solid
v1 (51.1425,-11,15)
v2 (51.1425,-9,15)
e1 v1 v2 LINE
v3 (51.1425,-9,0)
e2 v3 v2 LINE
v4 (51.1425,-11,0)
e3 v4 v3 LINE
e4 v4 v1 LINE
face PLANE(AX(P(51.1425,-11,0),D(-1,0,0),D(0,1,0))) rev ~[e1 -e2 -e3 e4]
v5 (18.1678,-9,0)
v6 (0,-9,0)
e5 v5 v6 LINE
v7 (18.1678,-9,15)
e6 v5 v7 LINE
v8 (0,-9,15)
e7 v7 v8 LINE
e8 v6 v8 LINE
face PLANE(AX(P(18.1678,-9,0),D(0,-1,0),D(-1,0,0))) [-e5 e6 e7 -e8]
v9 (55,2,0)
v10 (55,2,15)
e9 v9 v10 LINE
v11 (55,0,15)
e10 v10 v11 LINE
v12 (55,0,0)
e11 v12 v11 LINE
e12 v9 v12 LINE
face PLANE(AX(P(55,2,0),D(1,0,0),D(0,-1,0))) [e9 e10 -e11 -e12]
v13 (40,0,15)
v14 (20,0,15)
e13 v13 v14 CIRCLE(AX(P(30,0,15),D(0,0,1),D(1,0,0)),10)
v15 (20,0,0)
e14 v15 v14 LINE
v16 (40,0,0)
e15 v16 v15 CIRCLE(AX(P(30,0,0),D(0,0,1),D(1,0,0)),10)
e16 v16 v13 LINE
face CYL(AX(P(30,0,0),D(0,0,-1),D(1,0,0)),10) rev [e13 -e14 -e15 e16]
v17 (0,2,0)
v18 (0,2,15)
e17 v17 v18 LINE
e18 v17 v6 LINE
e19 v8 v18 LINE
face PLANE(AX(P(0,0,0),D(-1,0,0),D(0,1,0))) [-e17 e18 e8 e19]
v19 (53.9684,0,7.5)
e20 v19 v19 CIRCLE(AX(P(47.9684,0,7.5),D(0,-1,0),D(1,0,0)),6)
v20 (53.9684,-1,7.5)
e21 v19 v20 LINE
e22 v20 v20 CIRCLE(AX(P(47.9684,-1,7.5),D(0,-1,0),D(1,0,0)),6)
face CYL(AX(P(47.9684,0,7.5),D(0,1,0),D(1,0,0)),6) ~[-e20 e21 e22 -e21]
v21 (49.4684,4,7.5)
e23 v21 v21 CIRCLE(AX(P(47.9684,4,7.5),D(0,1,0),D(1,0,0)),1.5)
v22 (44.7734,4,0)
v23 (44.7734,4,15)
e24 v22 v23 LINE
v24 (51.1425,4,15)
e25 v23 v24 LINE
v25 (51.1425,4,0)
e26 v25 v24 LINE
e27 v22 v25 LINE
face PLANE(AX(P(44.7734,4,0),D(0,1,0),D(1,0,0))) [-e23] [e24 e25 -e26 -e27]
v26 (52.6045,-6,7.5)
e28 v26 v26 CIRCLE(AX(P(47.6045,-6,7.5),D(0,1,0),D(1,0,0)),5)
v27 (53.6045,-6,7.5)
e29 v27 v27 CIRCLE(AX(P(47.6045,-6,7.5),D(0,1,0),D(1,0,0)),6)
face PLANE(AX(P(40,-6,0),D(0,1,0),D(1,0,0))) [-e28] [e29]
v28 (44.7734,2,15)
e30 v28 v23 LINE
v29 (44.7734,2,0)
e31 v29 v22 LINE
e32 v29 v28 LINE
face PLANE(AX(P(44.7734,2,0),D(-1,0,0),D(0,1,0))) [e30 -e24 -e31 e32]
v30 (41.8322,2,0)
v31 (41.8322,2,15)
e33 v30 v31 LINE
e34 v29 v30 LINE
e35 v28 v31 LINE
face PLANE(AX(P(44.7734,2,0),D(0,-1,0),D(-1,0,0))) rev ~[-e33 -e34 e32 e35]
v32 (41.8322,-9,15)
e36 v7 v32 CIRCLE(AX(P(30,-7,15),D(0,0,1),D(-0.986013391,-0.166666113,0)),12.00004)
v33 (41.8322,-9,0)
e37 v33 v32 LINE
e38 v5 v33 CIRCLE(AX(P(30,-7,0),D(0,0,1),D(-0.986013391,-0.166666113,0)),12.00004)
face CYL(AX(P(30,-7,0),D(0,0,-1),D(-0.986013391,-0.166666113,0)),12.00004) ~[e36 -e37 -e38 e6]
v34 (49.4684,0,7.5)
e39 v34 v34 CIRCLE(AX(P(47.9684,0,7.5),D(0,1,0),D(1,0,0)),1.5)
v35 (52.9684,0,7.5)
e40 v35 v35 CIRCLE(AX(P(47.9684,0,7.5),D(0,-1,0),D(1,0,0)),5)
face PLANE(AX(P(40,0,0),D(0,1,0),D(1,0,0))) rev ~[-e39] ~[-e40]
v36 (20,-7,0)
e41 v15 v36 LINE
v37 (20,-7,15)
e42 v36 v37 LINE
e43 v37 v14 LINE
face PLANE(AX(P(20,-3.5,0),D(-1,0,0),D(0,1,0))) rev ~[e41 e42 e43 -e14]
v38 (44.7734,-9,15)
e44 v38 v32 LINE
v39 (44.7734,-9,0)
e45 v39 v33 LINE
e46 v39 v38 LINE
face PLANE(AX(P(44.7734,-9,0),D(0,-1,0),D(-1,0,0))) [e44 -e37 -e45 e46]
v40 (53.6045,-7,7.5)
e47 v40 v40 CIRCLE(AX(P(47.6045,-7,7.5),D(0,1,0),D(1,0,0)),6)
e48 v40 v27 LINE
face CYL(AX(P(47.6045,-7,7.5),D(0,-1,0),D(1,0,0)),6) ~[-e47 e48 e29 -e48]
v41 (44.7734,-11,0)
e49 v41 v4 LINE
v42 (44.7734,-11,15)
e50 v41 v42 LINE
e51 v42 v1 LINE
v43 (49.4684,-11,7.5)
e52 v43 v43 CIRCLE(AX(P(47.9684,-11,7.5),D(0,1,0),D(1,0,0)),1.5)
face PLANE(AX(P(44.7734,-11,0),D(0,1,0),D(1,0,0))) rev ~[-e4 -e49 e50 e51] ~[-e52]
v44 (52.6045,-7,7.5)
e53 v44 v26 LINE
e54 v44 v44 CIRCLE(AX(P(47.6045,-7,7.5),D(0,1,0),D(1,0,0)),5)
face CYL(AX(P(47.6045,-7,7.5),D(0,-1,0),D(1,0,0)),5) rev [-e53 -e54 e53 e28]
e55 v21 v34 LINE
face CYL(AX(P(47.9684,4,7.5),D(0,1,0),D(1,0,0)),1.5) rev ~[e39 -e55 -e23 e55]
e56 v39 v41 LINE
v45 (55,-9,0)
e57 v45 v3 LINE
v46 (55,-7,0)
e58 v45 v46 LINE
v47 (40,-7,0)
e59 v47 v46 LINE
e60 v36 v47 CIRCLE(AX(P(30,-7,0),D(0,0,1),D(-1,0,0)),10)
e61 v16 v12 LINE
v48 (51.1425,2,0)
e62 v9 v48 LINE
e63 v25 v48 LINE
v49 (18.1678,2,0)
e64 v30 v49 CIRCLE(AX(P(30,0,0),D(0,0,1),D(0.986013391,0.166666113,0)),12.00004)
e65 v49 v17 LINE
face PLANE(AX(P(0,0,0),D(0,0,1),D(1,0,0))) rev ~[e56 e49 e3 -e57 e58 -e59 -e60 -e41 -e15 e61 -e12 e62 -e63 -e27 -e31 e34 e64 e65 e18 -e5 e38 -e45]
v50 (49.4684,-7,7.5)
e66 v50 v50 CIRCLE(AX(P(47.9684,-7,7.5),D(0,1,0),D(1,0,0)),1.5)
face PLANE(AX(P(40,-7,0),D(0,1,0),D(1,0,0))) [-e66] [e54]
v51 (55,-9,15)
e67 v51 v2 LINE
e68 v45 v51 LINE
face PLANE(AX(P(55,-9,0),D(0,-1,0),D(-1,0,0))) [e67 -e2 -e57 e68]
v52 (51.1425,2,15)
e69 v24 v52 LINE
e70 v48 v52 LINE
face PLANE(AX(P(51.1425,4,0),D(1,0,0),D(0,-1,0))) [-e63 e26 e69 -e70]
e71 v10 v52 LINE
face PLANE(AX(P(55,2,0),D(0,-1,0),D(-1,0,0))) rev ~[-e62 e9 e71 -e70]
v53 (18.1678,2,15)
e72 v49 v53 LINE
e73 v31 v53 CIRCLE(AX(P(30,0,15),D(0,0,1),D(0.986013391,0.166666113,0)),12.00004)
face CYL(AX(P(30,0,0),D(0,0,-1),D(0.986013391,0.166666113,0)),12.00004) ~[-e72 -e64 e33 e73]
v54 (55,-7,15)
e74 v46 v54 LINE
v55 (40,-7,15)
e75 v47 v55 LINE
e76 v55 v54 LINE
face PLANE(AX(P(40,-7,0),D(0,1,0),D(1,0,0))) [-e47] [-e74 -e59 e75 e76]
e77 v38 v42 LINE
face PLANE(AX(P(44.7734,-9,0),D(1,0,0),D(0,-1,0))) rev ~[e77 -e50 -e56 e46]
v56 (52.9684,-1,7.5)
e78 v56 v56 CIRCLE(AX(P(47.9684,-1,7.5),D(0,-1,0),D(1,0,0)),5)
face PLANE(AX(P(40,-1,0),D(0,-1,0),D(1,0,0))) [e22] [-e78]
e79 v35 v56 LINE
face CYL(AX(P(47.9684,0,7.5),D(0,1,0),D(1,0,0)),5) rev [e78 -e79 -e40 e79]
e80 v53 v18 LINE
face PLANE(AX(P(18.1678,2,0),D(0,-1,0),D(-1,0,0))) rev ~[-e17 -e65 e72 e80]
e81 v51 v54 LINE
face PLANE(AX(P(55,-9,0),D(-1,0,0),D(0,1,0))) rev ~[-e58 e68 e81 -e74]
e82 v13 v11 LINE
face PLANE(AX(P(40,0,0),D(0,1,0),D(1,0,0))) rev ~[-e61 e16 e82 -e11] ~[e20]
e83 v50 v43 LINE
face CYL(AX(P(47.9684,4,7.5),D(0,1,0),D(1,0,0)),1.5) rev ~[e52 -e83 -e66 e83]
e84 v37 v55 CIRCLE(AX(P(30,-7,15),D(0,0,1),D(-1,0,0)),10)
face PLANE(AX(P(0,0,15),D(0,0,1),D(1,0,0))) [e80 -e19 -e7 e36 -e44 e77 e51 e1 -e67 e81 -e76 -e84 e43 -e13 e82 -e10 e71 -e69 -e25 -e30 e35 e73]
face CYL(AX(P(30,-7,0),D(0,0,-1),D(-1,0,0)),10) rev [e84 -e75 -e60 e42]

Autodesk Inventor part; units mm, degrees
ref_plane "YZ Plane" through (0, 0, 0) normal (1, 0, 0) x (0, 1, 0)
ref_plane "XZ Plane" through (0, 0, 0) normal (0, 1, 0) x (-1, 0, 0)
ref_plane "XY Plane" through (0, 0, 0) normal (0, 0, 1) x (1, 0, 0)
sketch "Esboço1" plane through (0, 0, 0) normal (0, 0, 1) x (1, 0, 0)
  line L0 (0, 0) -> (20, 0)
  arc A0 (40, 0) -> (20, 0) centre (30, 0) ccw
  line L1 (40, 0) -> (55, 0)
  line L2 (55, 2) -> (41.8322, 2)
  arc A1 (41.8322, 2) -> (18.1678, 2) centre (30, 0) ccw
  line L3 (18.1678, 2) -> (0, 2)
  line L4 (0, 0) -> (0, 2)
  line L5 (55, 2) -> (55, 0)
  line L6 (-5.5604, -3.5) -> (66.7999, -3.5)
  line L7 (0, -7) -> (20, -7)
  arc A2 (20, -7) -> (40, -7) centre (30, -7) ccw
  line L8 (40, -7) -> (55, -7)
  line L9 (55, -9) -> (41.8322, -9)
  arc A3 (18.1678, -9) -> (41.8322, -9) centre (30, -7) ccw
  line L10 (18.1678, -9) -> (0, -9)
  line L11 (0, -7) -> (0, -9)
  line L12 (55, -9) -> (55, -7)
  line L13 (0, -7) -> (20, -7)
  line L14 (20, -7) -> (20, 0)
  line L15 (20, 0) -> (0, 0)
  line L16 (0, 0) -> (0, -7)
  line L17 (51.1425, 2) -> (44.7734, 2)
  line L18 (44.7734, 2) -> (44.7734, 4)
  line L19 (44.7734, 4) -> (51.1425, 4)
  line L20 (51.1425, 4) -> (51.1425, 2)
  line L21 (51.1425, -9) -> (44.7734, -9)
  line L22 (44.7734, -9) -> (44.7734, -11)
  line L23 (44.7734, -11) -> (51.1425, -11)
  line L24 (51.1425, -11) -> (51.1425, -9)
  point P0 (44.7734, -9)
  point P1 (20, -7)
  dimension "d0" = 20
  dimension "d1" = 20
  dimension "d2" = 10
  dimension "d3" = 15
  dimension "d4" = 2
  dimension "d5" = 7
  dimension "d6" = 2
  dimension "d7" = 2
extrude "Extrusão1" add sketch "Esboço1" along normal blind 15
sketch "Esboço2" plane through (44.7734, 4, 0) normal (0, 1, 0) x (1, 0, 0)
  circle A0 centre (3.195, -7.5) radius 1.5
  line L0 (6.3691, 0) -> (0, 0) projected
  line L1 (0, 0) -> (0, -15) projected
  point P0 (-44.7734, 0)
  dimension "d10" = 3
  dimension "d11" = 7.5
  dimension "d12" = 3.195
extrude "Extrusão2" cut sketch "Esboço2" against normal blind 15
sketch "Esboço3" plane through (40, -7, 0) normal (0, 1, 0) x (1, 0, 0)
  circle A0 centre (7.6045, -7.5) radius 5
  circle A1 centre (7.6045, -7.5) radius 6
  point P0 (-40, 0)
  dimension "d15" = 10
  dimension "d16" = 12
extrude "Extrusão3" add sketch "Esboço3" along normal blind 1
sketch "Esboço4" plane through (40, 0, 0) normal (0, -1, 0) x (1, 0, 0)
  circle A0 centre (7.9684, 7.5) radius 1.5 projected
  circle A1 centre (7.9684, 7.5) radius 5
  circle A2 centre (7.9684, 7.5) radius 6
  point P0 (-40, 0)
  dimension "d19" = 10
  dimension "d20" = 12
extrude "Extrusão4" add sketch "Esboço4" along normal blind 1 contours A2
